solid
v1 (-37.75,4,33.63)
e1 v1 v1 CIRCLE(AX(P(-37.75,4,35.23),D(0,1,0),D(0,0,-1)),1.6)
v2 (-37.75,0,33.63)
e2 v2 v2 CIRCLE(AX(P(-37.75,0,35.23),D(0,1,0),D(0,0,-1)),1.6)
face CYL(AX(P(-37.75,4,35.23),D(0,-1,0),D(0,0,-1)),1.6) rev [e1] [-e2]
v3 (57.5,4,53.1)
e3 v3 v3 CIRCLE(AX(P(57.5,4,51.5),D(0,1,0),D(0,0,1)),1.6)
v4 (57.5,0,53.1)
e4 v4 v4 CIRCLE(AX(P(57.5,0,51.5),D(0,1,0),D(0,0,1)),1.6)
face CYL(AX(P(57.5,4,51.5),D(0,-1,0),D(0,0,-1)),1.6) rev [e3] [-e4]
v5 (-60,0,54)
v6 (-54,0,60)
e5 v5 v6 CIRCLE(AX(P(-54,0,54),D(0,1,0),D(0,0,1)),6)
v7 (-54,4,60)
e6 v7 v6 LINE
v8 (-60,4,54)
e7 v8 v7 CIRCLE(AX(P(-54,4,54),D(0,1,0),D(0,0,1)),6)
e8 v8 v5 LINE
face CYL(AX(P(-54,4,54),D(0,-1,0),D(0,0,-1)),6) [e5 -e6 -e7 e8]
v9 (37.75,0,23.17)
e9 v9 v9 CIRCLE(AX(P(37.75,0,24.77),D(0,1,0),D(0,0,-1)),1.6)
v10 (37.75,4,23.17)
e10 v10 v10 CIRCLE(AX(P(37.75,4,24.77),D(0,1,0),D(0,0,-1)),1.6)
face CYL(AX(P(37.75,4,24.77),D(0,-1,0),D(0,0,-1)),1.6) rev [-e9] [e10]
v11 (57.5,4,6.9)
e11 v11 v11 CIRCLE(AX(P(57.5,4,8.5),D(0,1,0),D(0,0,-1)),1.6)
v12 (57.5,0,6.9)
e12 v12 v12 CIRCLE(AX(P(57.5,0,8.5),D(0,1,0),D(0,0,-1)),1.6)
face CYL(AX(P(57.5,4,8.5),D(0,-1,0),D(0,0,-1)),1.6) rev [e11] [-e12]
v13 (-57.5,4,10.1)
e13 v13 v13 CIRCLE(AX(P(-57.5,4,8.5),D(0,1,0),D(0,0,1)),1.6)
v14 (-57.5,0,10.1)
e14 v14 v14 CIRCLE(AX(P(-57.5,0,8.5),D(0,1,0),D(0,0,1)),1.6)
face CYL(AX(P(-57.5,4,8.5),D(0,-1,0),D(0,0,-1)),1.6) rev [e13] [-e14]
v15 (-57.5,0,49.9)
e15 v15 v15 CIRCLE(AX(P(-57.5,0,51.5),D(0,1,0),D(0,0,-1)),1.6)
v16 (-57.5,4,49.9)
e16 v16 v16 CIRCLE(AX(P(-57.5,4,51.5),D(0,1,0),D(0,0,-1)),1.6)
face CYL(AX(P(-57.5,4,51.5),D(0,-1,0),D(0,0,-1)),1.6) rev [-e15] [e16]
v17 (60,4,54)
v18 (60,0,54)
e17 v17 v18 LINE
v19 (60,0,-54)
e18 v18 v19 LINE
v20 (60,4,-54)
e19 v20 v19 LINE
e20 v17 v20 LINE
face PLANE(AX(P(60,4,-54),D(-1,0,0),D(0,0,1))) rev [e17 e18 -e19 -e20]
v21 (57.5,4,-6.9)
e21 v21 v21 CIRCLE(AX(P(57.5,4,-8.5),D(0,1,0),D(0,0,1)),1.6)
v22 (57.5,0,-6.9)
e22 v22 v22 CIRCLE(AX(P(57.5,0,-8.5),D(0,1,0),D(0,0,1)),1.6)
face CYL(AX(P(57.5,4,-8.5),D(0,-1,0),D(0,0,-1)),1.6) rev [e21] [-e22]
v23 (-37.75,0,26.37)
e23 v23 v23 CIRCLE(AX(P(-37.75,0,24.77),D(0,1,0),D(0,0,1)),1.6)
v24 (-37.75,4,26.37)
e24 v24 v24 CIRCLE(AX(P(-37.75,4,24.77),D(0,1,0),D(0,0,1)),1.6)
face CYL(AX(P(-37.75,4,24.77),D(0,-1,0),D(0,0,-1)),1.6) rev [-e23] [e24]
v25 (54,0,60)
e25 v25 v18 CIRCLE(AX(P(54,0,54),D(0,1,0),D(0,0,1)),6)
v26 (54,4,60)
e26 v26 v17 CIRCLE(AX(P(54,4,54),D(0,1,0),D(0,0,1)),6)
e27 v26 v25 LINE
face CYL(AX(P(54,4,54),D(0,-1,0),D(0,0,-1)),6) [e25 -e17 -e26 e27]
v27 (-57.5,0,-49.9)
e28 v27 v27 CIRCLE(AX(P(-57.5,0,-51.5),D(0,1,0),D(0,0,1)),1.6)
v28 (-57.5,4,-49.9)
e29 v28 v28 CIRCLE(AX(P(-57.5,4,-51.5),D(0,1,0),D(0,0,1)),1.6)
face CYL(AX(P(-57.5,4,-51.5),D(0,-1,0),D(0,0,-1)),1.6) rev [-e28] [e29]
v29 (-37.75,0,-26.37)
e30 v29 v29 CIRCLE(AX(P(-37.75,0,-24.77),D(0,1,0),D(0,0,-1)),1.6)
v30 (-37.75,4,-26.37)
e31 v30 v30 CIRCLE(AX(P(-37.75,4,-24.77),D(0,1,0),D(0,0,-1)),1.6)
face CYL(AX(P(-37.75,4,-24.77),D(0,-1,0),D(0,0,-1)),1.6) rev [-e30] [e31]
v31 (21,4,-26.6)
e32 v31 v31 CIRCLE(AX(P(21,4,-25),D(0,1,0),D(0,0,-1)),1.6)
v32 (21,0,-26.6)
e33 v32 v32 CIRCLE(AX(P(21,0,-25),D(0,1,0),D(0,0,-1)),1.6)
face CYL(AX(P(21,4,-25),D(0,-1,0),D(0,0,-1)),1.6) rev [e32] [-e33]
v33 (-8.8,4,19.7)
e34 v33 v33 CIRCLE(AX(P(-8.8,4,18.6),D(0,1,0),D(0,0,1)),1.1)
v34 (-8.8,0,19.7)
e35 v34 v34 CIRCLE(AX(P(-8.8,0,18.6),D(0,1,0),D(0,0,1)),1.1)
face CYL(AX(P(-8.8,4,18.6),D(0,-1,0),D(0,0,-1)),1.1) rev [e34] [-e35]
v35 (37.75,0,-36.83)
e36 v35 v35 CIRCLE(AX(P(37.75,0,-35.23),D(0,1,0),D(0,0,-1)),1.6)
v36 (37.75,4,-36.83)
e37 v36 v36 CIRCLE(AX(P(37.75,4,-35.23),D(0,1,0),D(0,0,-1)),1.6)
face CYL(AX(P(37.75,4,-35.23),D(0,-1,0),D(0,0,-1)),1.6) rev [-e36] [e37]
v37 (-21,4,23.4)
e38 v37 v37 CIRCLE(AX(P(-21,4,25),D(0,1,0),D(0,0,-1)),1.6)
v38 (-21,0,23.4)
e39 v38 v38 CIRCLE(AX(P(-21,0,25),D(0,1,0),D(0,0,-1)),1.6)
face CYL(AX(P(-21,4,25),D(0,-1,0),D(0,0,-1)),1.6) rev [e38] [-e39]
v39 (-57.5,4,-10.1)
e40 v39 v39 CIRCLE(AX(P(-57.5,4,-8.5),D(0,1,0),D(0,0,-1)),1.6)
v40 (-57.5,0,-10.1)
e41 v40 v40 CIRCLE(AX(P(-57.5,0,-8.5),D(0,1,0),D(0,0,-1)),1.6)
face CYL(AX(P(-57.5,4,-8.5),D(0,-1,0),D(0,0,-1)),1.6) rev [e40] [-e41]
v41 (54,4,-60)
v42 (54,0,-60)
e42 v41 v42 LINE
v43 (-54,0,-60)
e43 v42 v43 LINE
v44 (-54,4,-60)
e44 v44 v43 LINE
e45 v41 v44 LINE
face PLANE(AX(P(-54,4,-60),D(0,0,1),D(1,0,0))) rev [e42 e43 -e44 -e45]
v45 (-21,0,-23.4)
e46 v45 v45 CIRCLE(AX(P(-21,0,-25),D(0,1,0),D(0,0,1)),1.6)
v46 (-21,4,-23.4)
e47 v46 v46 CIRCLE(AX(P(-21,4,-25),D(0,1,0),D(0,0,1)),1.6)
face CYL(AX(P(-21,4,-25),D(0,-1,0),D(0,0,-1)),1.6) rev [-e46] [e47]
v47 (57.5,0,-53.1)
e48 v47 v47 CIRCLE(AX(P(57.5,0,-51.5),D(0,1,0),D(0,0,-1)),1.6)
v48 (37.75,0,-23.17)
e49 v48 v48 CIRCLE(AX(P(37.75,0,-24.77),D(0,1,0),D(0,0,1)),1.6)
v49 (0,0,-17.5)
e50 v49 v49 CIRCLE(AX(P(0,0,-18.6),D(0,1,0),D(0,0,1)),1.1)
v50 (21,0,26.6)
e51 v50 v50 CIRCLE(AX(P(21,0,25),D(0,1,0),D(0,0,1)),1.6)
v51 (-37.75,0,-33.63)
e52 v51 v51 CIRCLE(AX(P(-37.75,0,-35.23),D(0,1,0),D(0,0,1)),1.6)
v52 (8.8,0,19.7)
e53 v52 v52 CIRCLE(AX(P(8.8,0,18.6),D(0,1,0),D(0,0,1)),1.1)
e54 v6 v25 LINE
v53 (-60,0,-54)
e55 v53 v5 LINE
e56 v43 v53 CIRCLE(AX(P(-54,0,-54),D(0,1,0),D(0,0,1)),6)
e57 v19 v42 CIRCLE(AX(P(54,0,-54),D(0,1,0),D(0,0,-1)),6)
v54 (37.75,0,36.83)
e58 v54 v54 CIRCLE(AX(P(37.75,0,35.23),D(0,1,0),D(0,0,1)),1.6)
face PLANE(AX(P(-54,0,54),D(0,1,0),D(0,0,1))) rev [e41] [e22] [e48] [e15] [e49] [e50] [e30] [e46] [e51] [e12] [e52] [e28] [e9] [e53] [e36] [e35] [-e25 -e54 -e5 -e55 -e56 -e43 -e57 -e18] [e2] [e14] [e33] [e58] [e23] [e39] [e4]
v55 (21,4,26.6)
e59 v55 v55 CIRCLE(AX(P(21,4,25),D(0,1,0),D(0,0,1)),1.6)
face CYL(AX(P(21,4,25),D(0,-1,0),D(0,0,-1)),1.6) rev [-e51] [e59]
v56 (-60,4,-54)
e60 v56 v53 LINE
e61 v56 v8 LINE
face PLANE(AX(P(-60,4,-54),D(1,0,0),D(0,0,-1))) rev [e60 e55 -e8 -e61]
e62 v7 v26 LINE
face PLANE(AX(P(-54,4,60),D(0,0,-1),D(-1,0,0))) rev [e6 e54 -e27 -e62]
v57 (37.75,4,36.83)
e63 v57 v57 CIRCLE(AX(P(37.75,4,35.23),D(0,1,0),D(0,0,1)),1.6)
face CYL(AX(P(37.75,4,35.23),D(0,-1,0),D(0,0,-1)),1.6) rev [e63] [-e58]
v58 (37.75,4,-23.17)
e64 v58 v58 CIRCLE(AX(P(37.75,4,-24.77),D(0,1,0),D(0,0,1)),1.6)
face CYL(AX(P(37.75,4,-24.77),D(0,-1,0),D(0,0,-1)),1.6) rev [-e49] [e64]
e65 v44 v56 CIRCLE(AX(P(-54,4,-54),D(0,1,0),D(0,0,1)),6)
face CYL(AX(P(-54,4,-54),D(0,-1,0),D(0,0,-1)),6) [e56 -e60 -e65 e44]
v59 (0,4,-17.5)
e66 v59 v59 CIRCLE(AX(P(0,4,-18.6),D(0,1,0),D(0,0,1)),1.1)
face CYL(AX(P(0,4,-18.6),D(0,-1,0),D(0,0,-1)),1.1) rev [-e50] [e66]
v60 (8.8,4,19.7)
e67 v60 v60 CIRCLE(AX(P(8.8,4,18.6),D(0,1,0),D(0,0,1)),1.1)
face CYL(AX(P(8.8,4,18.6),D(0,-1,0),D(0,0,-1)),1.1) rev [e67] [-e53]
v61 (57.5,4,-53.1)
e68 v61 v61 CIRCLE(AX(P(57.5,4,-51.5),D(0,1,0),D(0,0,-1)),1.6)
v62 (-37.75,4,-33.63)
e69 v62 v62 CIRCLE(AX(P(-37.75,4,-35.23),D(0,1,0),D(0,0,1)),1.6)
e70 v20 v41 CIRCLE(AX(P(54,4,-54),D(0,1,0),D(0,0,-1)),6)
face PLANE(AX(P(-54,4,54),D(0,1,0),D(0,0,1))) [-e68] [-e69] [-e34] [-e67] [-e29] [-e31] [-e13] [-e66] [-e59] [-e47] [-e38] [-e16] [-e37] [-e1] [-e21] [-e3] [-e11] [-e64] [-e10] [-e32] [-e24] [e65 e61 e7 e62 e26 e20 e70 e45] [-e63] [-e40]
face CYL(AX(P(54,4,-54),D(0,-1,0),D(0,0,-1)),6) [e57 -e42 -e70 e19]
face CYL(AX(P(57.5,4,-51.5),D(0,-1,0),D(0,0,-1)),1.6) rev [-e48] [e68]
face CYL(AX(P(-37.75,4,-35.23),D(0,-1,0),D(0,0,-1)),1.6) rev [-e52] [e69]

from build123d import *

# Parameters (mm, degrees)
SKETCH_1_R      = 1.6
SKETCH_1_R_2    = 1.1
EXTRUDE_1_DEPTH = 4


with BuildPart() as part:
    # 草图1 → 凸台-拉伸1 (new body)
    with BuildSketch(Plane(origin=(0, 0, 0), x_dir=(1, 0, 0), z_dir=(0, 1, 0))):
        with BuildLine():
            Line((-54, 60), (54, 60))
            ThreePointArc((54, 60), (58.242640687, 58.242640687), (60, 54))
            Line((60, 54), (60, -54))
            ThreePointArc((60, -54), (58.242640687, -58.242640687), (54, -60))
            Line((54, -60), (-54, -60))
            ThreePointArc((-54, -60), (-58.242640687, -58.242640687), (-60, -54))
            Line((-60, -54), (-60, 54))
            ThreePointArc((-60, 54), (-58.242640687, 58.242640687), (-54, 60))
        make_face()
        with Locations(Location((-57.5, 51.5, 0), (0, 0, 270))):
            Circle(SKETCH_1_R, mode=Mode.SUBTRACT)
        with Locations(Location((-57.5, 8.5, 0), (0, 0, 90))):
            Circle(SKETCH_1_R, mode=Mode.SUBTRACT)
        with Locations(Location((-37.75, 35.23, 0), (0, 0, 270))):
            Circle(SKETCH_1_R, mode=Mode.SUBTRACT)
        with Locations(Location((-37.75, 24.77, 0), (0, 0, 90))):
            Circle(SKETCH_1_R, mode=Mode.SUBTRACT)
        with Locations(Location((-57.5, -8.5, 0), (0, 0, 270))):
            Circle(SKETCH_1_R, mode=Mode.SUBTRACT)
        with Locations(Location((-37.75, -24.77, 0), (0, 0, 270))):
            Circle(SKETCH_1_R, mode=Mode.SUBTRACT)
        with Locations(Location((-37.75, -35.23, 0), (0, 0, 90))):
            Circle(SKETCH_1_R, mode=Mode.SUBTRACT)
        with Locations(Location((-57.5, -51.5, 0), (0, 0, 90))):
            Circle(SKETCH_1_R, mode=Mode.SUBTRACT)
        with Locations(Location((57.5, -51.5, 0), (0, 0, 270))):
            Circle(SKETCH_1_R, mode=Mode.SUBTRACT)
        with Locations(Location((37.75, -35.23, 0), (0, 0, 270))):
            Circle(SKETCH_1_R, mode=Mode.SUBTRACT)
        with Locations(Location((37.75, -24.77, 0), (0, 0, 90))):
            Circle(SKETCH_1_R, mode=Mode.SUBTRACT)
        with Locations(Location((57.5, -8.5, 0), (0, 0, 90))):
            Circle(SKETCH_1_R, mode=Mode.SUBTRACT)
        with Locations(Location((57.5, 8.5, 0), (0, 0, 270))):
            Circle(SKETCH_1_R, mode=Mode.SUBTRACT)
        with Locations(Location((37.75, 24.77, 0), (0, 0, 270))):
            Circle(SKETCH_1_R, mode=Mode.SUBTRACT)
        with Locations(Location((37.75, 35.23, 0), (0, 0, 90))):
            Circle(SKETCH_1_R, mode=Mode.SUBTRACT)
        with Locations(Location((57.5, 51.5, 0), (0, 0, 90))):
            Circle(SKETCH_1_R, mode=Mode.SUBTRACT)
        with Locations(Location((0, 18.6, 0), (0, 0, 270))):
            Circle(SKETCH_1_R_2, mode=Mode.SUBTRACT)
        with Locations(Location((8.8, -18.6, 0), (0, 0, 270))):
            Circle(SKETCH_1_R_2, mode=Mode.SUBTRACT)
        with Locations(Location((-8.8, -18.6, 0), (0, 0, 270))):
            Circle(SKETCH_1_R_2, mode=Mode.SUBTRACT)
        with Locations(Location((-21, 25, 0), (0, 0, 270))):
            Circle(SKETCH_1_R, mode=Mode.SUBTRACT)
        with Locations(Location((21, 25, 0), (0, 0, 90))):
            Circle(SKETCH_1_R, mode=Mode.SUBTRACT)
        with Locations(Location((21, -25, 0), (0, 0, 270))):
            Circle(SKETCH_1_R, mode=Mode.SUBTRACT)
        with Locations(Location((-21, -25, 0), (0, 0, 90))):
            Circle(SKETCH_1_R, mode=Mode.SUBTRACT)
    extrude(amount=EXTRUDE_1_DEPTH)


solid = part.part
